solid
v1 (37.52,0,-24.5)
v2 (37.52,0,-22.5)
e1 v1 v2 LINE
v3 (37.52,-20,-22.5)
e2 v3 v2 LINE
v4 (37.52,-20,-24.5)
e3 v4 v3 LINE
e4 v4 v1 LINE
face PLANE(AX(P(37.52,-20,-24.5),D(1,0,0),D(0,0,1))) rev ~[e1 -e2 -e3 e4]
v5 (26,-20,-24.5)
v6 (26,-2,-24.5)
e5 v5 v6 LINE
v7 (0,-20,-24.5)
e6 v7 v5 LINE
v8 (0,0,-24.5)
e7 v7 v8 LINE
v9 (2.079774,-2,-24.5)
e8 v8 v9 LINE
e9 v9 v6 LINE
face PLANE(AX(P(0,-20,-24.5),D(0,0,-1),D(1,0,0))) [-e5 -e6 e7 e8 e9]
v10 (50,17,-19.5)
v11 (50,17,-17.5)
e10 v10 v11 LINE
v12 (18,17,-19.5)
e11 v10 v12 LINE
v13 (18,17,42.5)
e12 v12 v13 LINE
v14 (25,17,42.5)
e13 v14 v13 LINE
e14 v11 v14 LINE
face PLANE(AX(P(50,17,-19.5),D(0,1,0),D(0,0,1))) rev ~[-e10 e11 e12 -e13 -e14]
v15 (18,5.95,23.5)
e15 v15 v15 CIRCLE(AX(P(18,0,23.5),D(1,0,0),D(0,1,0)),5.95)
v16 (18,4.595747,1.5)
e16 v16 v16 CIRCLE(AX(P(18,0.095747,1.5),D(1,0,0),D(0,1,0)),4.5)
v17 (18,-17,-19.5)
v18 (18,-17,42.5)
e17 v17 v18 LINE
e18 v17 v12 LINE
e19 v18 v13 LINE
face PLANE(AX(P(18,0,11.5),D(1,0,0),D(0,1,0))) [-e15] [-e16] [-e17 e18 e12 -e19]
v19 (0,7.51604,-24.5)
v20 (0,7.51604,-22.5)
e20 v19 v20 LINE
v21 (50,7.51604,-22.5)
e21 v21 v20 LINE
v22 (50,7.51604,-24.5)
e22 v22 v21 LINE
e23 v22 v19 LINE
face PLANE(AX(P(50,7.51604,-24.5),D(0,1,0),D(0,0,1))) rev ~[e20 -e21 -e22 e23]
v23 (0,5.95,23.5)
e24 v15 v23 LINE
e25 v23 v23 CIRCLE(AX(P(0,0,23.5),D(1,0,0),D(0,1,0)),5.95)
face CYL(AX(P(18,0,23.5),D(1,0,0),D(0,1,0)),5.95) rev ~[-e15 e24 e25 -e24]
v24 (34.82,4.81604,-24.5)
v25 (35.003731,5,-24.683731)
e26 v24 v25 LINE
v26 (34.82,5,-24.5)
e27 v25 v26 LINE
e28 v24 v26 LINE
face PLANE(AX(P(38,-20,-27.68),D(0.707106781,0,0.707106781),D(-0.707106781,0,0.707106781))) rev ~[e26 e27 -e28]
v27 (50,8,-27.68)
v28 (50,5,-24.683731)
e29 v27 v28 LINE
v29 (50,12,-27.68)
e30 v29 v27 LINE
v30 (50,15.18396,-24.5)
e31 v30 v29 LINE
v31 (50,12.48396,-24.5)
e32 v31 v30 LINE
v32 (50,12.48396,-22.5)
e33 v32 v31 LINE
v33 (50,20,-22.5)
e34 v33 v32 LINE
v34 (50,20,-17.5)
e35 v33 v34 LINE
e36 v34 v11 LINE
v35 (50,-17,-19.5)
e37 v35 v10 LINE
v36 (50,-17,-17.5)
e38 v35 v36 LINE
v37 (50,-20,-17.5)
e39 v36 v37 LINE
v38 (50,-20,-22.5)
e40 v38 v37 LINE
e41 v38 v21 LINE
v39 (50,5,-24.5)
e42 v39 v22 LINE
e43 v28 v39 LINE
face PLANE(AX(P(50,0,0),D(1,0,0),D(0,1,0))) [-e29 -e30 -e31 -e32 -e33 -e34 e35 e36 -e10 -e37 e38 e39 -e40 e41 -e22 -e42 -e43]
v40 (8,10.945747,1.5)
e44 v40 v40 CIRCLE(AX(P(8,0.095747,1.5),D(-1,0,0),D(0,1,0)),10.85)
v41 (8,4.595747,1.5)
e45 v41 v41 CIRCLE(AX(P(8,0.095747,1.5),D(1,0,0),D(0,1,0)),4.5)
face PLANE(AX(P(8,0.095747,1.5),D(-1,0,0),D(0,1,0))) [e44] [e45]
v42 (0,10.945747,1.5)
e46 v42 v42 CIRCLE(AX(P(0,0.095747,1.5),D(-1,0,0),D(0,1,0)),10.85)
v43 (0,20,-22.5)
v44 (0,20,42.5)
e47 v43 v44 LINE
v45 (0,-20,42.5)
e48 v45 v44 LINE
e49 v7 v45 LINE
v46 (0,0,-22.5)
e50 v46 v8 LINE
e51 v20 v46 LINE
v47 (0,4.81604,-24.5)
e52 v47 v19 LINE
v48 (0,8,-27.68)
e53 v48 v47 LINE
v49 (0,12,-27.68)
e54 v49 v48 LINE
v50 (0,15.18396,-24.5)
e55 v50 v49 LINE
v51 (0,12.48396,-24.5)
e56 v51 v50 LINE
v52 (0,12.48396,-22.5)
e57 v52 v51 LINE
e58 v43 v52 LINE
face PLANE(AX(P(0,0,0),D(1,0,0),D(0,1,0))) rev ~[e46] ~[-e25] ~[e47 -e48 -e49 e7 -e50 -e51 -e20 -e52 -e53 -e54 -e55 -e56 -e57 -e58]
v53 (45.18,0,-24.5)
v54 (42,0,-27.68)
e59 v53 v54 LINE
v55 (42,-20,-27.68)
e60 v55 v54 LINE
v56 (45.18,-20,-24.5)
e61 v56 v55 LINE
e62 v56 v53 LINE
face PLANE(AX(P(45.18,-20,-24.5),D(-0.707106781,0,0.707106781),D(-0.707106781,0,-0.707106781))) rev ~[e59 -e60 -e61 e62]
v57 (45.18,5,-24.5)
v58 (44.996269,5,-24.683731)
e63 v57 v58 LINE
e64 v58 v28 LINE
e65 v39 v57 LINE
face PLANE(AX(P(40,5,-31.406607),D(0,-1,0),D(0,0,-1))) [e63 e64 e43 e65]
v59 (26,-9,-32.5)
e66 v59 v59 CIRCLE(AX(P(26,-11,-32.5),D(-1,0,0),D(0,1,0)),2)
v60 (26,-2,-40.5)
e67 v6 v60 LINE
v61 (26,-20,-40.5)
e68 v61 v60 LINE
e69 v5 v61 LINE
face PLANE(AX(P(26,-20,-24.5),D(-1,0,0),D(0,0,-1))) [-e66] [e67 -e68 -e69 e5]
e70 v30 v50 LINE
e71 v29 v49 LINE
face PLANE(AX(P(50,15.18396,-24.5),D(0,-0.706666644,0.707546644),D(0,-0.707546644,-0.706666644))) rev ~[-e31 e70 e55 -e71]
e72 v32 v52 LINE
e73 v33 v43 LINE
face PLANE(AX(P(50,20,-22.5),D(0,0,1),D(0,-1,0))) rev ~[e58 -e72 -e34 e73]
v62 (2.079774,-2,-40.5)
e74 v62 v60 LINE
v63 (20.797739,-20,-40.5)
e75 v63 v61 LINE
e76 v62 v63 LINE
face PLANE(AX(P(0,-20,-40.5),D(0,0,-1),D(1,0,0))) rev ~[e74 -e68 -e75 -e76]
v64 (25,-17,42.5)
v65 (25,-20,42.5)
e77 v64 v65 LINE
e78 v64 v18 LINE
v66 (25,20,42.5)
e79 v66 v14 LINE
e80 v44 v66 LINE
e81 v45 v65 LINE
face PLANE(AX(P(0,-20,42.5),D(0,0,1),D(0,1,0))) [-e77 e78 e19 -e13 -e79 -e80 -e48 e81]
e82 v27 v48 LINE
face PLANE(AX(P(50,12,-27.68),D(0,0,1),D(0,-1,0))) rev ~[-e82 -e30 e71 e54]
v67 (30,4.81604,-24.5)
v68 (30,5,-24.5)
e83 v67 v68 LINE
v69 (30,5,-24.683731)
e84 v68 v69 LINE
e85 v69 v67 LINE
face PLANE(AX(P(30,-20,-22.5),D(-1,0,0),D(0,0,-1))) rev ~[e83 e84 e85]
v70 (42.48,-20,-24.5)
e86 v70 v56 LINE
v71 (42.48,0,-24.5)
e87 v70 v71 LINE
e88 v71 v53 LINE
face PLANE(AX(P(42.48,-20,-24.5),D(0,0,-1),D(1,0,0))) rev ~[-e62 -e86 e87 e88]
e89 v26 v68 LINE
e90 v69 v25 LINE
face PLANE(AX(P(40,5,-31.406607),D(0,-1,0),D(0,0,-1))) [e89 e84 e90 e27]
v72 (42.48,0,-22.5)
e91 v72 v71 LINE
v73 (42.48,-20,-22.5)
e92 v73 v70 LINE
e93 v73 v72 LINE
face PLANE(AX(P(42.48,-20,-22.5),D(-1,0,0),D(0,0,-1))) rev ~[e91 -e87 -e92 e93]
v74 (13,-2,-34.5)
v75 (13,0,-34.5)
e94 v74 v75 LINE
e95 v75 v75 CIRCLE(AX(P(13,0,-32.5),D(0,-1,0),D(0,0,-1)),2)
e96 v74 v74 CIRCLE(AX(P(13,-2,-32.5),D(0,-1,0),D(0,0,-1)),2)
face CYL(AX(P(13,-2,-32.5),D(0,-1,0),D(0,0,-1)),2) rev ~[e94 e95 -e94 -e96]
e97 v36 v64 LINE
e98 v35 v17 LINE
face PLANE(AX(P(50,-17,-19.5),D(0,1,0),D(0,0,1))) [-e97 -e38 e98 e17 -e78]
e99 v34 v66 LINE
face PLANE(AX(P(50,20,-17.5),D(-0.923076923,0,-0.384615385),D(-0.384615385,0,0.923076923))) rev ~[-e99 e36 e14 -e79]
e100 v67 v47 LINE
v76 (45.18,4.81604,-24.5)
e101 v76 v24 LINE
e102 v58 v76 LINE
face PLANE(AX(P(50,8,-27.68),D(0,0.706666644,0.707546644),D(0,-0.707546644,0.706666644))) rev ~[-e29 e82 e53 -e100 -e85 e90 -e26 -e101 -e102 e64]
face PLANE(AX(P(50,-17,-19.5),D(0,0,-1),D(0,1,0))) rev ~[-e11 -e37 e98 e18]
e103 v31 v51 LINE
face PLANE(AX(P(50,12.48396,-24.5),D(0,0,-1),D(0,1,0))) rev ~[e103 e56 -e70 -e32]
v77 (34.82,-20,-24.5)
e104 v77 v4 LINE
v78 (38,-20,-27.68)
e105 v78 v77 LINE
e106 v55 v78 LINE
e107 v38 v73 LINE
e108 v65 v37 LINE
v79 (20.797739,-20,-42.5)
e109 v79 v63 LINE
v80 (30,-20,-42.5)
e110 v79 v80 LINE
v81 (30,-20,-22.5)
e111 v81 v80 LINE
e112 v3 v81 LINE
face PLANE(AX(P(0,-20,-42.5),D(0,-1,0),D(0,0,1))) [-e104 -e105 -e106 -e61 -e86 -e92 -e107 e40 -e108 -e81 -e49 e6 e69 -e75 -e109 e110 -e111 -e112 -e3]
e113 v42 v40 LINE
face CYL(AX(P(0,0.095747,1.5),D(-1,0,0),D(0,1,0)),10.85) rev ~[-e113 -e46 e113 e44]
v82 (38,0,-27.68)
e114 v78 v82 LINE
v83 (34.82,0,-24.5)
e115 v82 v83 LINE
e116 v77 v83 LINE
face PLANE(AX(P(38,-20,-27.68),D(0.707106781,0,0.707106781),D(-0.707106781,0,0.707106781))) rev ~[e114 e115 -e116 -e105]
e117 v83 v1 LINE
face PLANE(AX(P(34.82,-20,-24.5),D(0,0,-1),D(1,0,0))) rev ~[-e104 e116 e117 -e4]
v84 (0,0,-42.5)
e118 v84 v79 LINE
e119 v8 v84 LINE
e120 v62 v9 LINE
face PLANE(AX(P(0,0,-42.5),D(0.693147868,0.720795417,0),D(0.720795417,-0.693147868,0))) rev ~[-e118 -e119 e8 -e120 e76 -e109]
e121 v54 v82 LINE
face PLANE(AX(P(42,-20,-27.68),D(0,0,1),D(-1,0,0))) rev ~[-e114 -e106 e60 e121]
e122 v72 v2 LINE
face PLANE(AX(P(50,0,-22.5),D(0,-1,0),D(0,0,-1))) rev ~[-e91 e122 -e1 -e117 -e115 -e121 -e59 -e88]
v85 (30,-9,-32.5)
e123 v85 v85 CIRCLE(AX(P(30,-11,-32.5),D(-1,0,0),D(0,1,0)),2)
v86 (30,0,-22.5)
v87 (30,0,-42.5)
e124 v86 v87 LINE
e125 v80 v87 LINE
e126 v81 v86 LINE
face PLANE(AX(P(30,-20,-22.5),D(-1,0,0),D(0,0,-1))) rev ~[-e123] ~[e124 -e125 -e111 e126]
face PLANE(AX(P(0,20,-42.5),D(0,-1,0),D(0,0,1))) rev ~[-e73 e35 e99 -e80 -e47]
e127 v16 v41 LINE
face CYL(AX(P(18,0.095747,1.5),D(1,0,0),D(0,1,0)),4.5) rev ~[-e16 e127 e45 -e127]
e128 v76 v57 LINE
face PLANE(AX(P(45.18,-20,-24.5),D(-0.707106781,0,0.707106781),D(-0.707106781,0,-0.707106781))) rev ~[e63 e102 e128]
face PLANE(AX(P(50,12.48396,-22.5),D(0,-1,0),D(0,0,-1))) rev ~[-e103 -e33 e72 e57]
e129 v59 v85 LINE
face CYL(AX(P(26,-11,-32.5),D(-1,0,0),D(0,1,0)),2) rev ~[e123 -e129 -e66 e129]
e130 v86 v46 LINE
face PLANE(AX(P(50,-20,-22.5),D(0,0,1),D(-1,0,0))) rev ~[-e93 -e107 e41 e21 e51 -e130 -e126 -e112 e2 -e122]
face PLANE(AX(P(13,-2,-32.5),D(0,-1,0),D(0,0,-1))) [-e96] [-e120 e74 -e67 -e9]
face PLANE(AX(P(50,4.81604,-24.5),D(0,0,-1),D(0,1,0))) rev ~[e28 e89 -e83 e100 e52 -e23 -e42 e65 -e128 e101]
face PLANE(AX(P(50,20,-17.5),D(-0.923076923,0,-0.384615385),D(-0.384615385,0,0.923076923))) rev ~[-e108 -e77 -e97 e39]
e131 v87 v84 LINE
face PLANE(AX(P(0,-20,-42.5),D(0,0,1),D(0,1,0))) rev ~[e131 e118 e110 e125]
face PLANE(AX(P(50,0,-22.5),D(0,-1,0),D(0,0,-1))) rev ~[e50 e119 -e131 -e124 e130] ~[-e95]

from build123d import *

# Parameters (mm, degrees)
SKETCH_W        = 40
SKETCH_H        = 85
PAD_DEPTH       = 50
POCKET_DEPTH    = 50
POCKET001_DEPTH = 25
SKETCH004_W     = 16
SKETCH004_H     = 26
POCKET002_DEPTH = 18
SKETCH005_R     = 2
POCKET003_DEPTH = 4
POCKET005_DEPTH = 18
SKETCH008_W     = 34
SKETCH008_H     = 62
POCKET006_DEPTH = 32
SKETCH009_R     = 5.95
SKETCH009_R_2   = 4.5
POCKET007_DEPTH = 18.001
SKETCH010_R     = 10.85
POCKET008_DEPTH = 8
POCKET009_DEPTH = 40.001
SKETCH012_R     = 2
POCKET010_DEPTH = 5


with BuildPart() as part:
    # Sketch → Pad (new body)
    with BuildSketch(Plane.YZ):
        Rectangle(SKETCH_W, SKETCH_H)
    extrude(amount=PAD_DEPTH)

    # Sketch001 (on Face6 of Pad) → Pocket (cut)
    with BuildSketch(Plane.YZ.offset(50)):
        Polygon((0, -22.5), (0, -42.5), (20, -42.5), (20, -22.5), (12.48396, -22.5), (12.48396, -24.5), (15.18396, -24.5), (12, -27.68), (8, -27.68), (4.81604, -24.5), (7.51604, -24.5), (7.51604, -22.5), align=None)
    extrude(amount=-POCKET_DEPTH, mode=Mode.SUBTRACT)

    # Sketch003 (on Face2 of Pocket) → Pocket001 (cut)
    with BuildSketch(Plane(origin=(0, -20, 0), x_dir=(0, 0, -1), z_dir=(0, -1, 0))):
        Polygon((42.5, 50), (22.5, 50), (22.5, 42.48), (24.5, 42.48), (24.5, 45.18), (27.68, 42), (27.68, 38), (24.5, 34.82), (24.5, 37.52), (22.5, 37.52), (22.5, 30), (42.5, 30), align=None)
    extrude(amount=-POCKET001_DEPTH, mode=Mode.SUBTRACT)

    # Sketch004 (on Face2 of Pocket001) → Pocket002 (cut)
    with BuildSketch(Plane(origin=(0, -20, 0), x_dir=(0, 0, -1), z_dir=(0, -1, 0))):
        with Locations((32.5, 13)):
            Rectangle(SKETCH004_W, SKETCH004_H)
    extrude(amount=-POCKET002_DEPTH, mode=Mode.SUBTRACT)

    # Sketch005 (on Face30 of Pocket002) → Pocket003 (cut)
    with BuildSketch(Plane(origin=(0, -2, 0), x_dir=(0, 0, -1), z_dir=(0, -1, 0))):
        with Locations((32.5, 13)):
            Circle(SKETCH005_R)
    extrude(amount=-POCKET003_DEPTH, mode=Mode.SUBTRACT)

    # Sketch007 → Pocket005 (cut)
    with BuildSketch(Plane.YX.offset(42.5)):
        Polygon((-25.002718, 26), (-25, 0), (0, 0), align=None)
    extrude(amount=-POCKET005_DEPTH, mode=Mode.SUBTRACT)

    # Sketch008 (on Face5 of Pocket005) → Pocket006 (cut)
    with BuildSketch(Plane.YZ.offset(50)):
        with Locations((0, 11.5)):
            Rectangle(SKETCH008_W, SKETCH008_H)
    extrude(amount=-POCKET006_DEPTH, mode=Mode.SUBTRACT)

    # Sketch009 (on Face6 of Pocket006) → Pocket007 (cut, through all)
    with BuildSketch(Plane.YZ.offset(18)):
        with Locations((0, 23.5)):
            Circle(SKETCH009_R)
        with Locations((0.095747, 1.5)):
            Circle(SKETCH009_R_2)
    extrude(amount=-POCKET007_DEPTH, mode=Mode.SUBTRACT)

    # Sketch010 (on Face2 of Pocket007) → Pocket008 (cut)
    with BuildSketch(Plane(origin=(0, 0, 0), x_dir=(0, 1, 0), z_dir=(-1, 0, 0))):
        with Locations((0.095747, -1.5)):
            Circle(SKETCH010_R)
    extrude(amount=-POCKET008_DEPTH, mode=Mode.SUBTRACT)

    # Sketch011 (on Face3 of Pocket008) → Pocket009 (cut, through all)
    with BuildSketch(Plane.ZX.offset(20)):
        Polygon((-17.5, 50), (42.5, 25), (42.5, 50), align=None)
    extrude(amount=-POCKET009_DEPTH, mode=Mode.SUBTRACT)

    # Sketch012 (on Face29 of Pocket009) → Pocket010 (cut)
    with BuildSketch(Plane(origin=(26, 0, 0), x_dir=(0, 1, 0), z_dir=(-1, 0, 0))):
        with Locations((-11, 32.5)):
            Circle(SKETCH012_R)
    extrude(amount=-POCKET010_DEPTH, mode=Mode.SUBTRACT)


solid = part.part
